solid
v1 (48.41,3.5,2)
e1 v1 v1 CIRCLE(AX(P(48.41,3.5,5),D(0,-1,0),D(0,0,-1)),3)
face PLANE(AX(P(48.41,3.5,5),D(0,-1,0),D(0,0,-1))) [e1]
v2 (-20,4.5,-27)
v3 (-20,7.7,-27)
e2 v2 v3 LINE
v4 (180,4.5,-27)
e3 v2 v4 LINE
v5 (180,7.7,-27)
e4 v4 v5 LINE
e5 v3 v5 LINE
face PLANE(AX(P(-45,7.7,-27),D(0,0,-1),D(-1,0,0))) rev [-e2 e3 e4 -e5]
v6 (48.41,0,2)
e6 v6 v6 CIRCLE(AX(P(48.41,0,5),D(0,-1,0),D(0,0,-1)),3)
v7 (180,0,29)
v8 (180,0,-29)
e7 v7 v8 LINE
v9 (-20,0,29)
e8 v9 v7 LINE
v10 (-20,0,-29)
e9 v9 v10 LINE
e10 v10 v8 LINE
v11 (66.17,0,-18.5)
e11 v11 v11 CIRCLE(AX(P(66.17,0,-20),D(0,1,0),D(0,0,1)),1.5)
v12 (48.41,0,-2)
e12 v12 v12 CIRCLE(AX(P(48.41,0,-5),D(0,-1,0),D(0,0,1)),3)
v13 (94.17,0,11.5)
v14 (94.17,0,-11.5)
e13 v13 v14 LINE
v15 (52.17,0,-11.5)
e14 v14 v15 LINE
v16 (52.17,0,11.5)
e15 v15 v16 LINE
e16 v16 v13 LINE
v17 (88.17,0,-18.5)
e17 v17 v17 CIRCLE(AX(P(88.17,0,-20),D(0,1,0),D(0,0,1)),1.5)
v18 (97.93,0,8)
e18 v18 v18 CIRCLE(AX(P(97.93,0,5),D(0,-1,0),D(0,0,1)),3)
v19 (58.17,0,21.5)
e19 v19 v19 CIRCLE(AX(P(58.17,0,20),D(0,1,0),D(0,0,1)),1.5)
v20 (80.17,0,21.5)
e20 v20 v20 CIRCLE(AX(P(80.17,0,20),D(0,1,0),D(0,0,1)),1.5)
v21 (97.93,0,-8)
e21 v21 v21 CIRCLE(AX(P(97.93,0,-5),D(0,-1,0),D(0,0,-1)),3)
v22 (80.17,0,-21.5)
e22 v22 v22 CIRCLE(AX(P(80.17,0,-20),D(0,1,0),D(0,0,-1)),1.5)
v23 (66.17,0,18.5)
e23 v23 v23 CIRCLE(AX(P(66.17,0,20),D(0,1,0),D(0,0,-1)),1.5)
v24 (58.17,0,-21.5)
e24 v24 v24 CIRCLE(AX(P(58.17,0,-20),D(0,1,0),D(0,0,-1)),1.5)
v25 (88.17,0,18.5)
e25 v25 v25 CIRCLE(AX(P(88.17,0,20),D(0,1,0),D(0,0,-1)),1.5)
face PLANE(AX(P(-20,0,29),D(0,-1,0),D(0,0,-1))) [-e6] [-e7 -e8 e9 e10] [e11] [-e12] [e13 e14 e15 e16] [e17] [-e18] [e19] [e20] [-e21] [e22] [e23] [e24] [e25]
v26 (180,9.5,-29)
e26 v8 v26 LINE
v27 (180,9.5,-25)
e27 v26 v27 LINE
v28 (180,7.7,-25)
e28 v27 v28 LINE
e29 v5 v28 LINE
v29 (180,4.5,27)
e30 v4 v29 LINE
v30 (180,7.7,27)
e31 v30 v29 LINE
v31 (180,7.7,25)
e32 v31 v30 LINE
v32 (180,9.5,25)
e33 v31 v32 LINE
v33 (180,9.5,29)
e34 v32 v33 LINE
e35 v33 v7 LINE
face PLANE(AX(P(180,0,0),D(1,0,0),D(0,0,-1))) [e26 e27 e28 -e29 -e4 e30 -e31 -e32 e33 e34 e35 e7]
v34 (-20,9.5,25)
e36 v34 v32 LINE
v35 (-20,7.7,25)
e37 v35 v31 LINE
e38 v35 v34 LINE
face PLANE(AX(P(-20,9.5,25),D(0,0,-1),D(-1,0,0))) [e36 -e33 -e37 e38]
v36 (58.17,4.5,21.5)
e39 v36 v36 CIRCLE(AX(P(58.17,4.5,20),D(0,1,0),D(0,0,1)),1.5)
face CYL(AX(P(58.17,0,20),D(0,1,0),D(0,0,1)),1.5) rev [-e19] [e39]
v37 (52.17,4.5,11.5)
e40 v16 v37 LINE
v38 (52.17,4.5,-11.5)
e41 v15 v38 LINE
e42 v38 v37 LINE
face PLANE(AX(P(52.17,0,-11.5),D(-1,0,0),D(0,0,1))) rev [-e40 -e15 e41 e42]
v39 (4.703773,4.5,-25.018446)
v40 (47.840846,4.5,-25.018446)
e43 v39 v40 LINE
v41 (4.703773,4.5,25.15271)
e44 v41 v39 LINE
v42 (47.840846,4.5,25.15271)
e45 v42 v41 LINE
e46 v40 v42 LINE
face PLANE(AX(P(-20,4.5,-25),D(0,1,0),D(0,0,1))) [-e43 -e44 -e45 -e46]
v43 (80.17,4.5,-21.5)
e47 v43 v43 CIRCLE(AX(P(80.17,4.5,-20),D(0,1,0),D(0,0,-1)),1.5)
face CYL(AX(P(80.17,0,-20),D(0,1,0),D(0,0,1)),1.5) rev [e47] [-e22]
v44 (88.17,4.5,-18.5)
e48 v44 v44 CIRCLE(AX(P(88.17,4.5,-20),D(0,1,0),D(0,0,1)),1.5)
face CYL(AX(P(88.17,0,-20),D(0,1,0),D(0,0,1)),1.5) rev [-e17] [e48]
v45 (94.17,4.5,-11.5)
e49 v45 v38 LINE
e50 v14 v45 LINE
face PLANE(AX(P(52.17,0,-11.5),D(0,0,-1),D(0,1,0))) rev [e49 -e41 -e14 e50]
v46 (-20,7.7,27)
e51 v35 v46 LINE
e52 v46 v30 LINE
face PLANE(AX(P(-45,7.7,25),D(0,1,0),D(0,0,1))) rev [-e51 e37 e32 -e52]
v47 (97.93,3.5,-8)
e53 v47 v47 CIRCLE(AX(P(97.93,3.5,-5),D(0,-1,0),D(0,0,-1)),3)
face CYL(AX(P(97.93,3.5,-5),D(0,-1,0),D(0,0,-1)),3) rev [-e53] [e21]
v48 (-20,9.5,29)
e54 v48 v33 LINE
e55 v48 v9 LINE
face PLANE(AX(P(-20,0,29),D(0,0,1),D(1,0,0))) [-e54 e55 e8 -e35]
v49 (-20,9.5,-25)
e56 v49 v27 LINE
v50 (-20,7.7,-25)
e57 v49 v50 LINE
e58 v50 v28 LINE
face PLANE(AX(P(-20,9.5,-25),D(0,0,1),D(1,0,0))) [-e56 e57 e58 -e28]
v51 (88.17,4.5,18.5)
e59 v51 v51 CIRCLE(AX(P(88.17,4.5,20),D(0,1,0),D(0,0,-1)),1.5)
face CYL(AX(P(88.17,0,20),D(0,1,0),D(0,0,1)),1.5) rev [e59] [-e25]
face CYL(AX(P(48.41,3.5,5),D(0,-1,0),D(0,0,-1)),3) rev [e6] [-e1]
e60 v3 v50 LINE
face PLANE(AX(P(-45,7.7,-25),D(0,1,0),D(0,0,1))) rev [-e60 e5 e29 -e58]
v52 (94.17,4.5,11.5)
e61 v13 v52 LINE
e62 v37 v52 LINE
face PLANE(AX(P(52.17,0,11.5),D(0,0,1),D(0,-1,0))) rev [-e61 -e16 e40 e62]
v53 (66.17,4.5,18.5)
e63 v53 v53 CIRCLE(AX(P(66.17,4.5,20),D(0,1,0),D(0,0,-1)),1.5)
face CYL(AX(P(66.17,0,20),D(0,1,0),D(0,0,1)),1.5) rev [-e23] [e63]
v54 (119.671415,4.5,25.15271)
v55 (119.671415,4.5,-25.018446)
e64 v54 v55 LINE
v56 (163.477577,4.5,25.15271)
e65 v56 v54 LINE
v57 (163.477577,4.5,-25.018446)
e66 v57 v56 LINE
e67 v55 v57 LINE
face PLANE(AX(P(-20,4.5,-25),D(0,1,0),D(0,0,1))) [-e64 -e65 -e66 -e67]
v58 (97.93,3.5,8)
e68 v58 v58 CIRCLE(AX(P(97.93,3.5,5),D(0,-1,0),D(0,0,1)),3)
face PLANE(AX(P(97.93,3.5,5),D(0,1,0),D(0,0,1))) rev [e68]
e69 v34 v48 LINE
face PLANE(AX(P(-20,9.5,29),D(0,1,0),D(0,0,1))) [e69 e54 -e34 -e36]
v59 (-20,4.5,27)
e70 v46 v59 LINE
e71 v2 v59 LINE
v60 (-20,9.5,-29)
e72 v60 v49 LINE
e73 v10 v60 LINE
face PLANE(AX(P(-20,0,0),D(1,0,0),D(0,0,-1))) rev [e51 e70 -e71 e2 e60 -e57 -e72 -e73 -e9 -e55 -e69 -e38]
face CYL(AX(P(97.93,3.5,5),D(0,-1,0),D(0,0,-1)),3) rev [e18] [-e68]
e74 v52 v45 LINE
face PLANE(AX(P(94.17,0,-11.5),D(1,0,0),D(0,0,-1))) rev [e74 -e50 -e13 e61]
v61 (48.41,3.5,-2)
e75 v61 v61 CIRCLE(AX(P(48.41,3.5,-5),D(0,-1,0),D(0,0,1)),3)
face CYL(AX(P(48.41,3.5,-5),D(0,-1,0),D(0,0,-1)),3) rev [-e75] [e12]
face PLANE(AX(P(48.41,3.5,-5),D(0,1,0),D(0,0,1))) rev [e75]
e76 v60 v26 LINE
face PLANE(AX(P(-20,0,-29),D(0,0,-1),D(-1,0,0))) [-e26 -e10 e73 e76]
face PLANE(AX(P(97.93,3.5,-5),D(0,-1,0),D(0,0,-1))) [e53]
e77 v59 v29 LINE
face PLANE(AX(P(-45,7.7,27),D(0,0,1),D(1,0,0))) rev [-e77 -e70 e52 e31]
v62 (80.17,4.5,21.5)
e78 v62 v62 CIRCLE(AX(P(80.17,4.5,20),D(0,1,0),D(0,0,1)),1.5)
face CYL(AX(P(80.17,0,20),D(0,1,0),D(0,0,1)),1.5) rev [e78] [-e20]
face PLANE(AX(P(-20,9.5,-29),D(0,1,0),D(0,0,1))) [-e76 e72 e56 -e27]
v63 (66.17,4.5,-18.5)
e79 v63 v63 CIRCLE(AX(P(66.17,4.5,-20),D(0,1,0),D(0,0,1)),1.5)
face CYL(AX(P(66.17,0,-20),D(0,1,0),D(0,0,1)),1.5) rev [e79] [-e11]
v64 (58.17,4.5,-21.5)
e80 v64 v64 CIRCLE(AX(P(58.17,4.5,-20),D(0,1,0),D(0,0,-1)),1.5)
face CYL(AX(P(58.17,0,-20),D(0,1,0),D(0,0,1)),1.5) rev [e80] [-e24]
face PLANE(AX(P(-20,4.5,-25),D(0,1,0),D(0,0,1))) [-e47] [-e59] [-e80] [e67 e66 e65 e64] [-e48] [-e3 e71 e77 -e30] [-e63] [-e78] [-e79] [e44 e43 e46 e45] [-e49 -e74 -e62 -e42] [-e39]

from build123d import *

# Parameters (mm, degrees)
EXTRUDE_1_DEPTH      = 180
EXTRUDE_1_DEPTH_BACK = 20
SKETCH_2_W           = 42
SKETCH_2_H           = 23
CUT_EXTRUDE_1_DEPTH  = 5.5
SKETCH_4_R           = 1.5
CUT_EXTRUDE_2_DEPTH  = 5.5
SKETCH_5_W           = 2
SKETCH_5_H           = 2.2
CUT_EXTRUDE_3_DEPTH  = 225
SKETCH_6_R           = 3
CUT_EXTRUDE_4_DEPTH  = 3.5
SKETCH_7_W           = 2
SKETCH_7_H           = 1
CUT_EXTRUDE_5_DEPTH  = 200


with BuildPart() as part:
    # 草图1 → 凸台-拉伸1 (new body, two sides)
    with BuildSketch(Plane(origin=(0, 0, 0), x_dir=(0, 0, -1), z_dir=(1, 0, 0))) as extrude_1_sk:
        Polygon((-29, 0), (29, 0), (29, 9.5), (25, 9.5), (25, 4.5), (-25, 4.5), (-25, 9.5), (-29, 9.5), align=None)
    extrude(amount=EXTRUDE_1_DEPTH)
    extrude(extrude_1_sk.sketch, amount=-EXTRUDE_1_DEPTH_BACK)

    # 草图2 → 切除-拉伸1 (cut, through all)
    with BuildSketch(Plane(origin=(0, 4.5, 0), x_dir=(1, 0, 0), z_dir=(0, 1, 0))):
        with Locations((73.17, 0)):
            Rectangle(SKETCH_2_W, SKETCH_2_H)
    extrude(amount=-CUT_EXTRUDE_1_DEPTH, mode=Mode.SUBTRACT)

    # 草图4 → 切除-拉伸2 (cut, through all)
    with BuildSketch(Plane(origin=(0, 4.5, 0), x_dir=(1, 0, 0), z_dir=(0, 1, 0))):
        with Locations((66.17, 20)):
            Circle(SKETCH_4_R)
        with Locations((80.17, 20)):
            Circle(SKETCH_4_R)
        with Locations((88.17, 20)):
            Circle(SKETCH_4_R)
        with Locations((58.17, 20)):
            Circle(SKETCH_4_R)
        with Locations((88.17, -20)):
            Circle(SKETCH_4_R)
        with Locations((80.17, -20)):
            Circle(SKETCH_4_R)
        with Locations((66.17, -20)):
            Circle(SKETCH_4_R)
        with Locations((58.17, -20)):
            Circle(SKETCH_4_R)
    extrude(amount=-CUT_EXTRUDE_2_DEPTH, mode=Mode.SUBTRACT)

    # 草图5 → 切除-拉伸3 (cut)
    with BuildSketch(Plane(origin=(180, 0, 0), x_dir=(0, 0, -1), z_dir=(1, 0, 0))):
        with Locations((-26, 6.6)):
            Rectangle(SKETCH_5_W, SKETCH_5_H)
        with Locations((26, 6.6)):
            Rectangle(SKETCH_5_W, SKETCH_5_H)
    extrude(amount=-CUT_EXTRUDE_3_DEPTH, mode=Mode.SUBTRACT)

    # 草图6 → 切除-拉伸4 (cut)
    with BuildSketch(Plane(origin=(0, 0, 0), x_dir=(-1, 0, 0), z_dir=(0, -1, 0))):
        with Locations((-97.93, 5)):
            Circle(SKETCH_6_R)
        with Locations((-48.41, 5)):
            Circle(SKETCH_6_R)
        with Locations((-48.41, -5)):
            Circle(SKETCH_6_R)
        with Locations((-97.93, -5)):
            Circle(SKETCH_6_R)
    extrude(amount=-CUT_EXTRUDE_4_DEPTH, mode=Mode.SUBTRACT)

    # 草图7 → 切除-拉伸5 (cut)
    with BuildSketch(Plane(origin=(180, 0, 0), x_dir=(0, 0, -1), z_dir=(1, 0, 0))):
        with Locations((-26, 5)):
            Rectangle(SKETCH_7_W, SKETCH_7_H)
        with Locations((26, 5)):
            Rectangle(SKETCH_7_W, SKETCH_7_H)
    extrude(amount=-CUT_EXTRUDE_5_DEPTH, mode=Mode.SUBTRACT)


solid = part.part
